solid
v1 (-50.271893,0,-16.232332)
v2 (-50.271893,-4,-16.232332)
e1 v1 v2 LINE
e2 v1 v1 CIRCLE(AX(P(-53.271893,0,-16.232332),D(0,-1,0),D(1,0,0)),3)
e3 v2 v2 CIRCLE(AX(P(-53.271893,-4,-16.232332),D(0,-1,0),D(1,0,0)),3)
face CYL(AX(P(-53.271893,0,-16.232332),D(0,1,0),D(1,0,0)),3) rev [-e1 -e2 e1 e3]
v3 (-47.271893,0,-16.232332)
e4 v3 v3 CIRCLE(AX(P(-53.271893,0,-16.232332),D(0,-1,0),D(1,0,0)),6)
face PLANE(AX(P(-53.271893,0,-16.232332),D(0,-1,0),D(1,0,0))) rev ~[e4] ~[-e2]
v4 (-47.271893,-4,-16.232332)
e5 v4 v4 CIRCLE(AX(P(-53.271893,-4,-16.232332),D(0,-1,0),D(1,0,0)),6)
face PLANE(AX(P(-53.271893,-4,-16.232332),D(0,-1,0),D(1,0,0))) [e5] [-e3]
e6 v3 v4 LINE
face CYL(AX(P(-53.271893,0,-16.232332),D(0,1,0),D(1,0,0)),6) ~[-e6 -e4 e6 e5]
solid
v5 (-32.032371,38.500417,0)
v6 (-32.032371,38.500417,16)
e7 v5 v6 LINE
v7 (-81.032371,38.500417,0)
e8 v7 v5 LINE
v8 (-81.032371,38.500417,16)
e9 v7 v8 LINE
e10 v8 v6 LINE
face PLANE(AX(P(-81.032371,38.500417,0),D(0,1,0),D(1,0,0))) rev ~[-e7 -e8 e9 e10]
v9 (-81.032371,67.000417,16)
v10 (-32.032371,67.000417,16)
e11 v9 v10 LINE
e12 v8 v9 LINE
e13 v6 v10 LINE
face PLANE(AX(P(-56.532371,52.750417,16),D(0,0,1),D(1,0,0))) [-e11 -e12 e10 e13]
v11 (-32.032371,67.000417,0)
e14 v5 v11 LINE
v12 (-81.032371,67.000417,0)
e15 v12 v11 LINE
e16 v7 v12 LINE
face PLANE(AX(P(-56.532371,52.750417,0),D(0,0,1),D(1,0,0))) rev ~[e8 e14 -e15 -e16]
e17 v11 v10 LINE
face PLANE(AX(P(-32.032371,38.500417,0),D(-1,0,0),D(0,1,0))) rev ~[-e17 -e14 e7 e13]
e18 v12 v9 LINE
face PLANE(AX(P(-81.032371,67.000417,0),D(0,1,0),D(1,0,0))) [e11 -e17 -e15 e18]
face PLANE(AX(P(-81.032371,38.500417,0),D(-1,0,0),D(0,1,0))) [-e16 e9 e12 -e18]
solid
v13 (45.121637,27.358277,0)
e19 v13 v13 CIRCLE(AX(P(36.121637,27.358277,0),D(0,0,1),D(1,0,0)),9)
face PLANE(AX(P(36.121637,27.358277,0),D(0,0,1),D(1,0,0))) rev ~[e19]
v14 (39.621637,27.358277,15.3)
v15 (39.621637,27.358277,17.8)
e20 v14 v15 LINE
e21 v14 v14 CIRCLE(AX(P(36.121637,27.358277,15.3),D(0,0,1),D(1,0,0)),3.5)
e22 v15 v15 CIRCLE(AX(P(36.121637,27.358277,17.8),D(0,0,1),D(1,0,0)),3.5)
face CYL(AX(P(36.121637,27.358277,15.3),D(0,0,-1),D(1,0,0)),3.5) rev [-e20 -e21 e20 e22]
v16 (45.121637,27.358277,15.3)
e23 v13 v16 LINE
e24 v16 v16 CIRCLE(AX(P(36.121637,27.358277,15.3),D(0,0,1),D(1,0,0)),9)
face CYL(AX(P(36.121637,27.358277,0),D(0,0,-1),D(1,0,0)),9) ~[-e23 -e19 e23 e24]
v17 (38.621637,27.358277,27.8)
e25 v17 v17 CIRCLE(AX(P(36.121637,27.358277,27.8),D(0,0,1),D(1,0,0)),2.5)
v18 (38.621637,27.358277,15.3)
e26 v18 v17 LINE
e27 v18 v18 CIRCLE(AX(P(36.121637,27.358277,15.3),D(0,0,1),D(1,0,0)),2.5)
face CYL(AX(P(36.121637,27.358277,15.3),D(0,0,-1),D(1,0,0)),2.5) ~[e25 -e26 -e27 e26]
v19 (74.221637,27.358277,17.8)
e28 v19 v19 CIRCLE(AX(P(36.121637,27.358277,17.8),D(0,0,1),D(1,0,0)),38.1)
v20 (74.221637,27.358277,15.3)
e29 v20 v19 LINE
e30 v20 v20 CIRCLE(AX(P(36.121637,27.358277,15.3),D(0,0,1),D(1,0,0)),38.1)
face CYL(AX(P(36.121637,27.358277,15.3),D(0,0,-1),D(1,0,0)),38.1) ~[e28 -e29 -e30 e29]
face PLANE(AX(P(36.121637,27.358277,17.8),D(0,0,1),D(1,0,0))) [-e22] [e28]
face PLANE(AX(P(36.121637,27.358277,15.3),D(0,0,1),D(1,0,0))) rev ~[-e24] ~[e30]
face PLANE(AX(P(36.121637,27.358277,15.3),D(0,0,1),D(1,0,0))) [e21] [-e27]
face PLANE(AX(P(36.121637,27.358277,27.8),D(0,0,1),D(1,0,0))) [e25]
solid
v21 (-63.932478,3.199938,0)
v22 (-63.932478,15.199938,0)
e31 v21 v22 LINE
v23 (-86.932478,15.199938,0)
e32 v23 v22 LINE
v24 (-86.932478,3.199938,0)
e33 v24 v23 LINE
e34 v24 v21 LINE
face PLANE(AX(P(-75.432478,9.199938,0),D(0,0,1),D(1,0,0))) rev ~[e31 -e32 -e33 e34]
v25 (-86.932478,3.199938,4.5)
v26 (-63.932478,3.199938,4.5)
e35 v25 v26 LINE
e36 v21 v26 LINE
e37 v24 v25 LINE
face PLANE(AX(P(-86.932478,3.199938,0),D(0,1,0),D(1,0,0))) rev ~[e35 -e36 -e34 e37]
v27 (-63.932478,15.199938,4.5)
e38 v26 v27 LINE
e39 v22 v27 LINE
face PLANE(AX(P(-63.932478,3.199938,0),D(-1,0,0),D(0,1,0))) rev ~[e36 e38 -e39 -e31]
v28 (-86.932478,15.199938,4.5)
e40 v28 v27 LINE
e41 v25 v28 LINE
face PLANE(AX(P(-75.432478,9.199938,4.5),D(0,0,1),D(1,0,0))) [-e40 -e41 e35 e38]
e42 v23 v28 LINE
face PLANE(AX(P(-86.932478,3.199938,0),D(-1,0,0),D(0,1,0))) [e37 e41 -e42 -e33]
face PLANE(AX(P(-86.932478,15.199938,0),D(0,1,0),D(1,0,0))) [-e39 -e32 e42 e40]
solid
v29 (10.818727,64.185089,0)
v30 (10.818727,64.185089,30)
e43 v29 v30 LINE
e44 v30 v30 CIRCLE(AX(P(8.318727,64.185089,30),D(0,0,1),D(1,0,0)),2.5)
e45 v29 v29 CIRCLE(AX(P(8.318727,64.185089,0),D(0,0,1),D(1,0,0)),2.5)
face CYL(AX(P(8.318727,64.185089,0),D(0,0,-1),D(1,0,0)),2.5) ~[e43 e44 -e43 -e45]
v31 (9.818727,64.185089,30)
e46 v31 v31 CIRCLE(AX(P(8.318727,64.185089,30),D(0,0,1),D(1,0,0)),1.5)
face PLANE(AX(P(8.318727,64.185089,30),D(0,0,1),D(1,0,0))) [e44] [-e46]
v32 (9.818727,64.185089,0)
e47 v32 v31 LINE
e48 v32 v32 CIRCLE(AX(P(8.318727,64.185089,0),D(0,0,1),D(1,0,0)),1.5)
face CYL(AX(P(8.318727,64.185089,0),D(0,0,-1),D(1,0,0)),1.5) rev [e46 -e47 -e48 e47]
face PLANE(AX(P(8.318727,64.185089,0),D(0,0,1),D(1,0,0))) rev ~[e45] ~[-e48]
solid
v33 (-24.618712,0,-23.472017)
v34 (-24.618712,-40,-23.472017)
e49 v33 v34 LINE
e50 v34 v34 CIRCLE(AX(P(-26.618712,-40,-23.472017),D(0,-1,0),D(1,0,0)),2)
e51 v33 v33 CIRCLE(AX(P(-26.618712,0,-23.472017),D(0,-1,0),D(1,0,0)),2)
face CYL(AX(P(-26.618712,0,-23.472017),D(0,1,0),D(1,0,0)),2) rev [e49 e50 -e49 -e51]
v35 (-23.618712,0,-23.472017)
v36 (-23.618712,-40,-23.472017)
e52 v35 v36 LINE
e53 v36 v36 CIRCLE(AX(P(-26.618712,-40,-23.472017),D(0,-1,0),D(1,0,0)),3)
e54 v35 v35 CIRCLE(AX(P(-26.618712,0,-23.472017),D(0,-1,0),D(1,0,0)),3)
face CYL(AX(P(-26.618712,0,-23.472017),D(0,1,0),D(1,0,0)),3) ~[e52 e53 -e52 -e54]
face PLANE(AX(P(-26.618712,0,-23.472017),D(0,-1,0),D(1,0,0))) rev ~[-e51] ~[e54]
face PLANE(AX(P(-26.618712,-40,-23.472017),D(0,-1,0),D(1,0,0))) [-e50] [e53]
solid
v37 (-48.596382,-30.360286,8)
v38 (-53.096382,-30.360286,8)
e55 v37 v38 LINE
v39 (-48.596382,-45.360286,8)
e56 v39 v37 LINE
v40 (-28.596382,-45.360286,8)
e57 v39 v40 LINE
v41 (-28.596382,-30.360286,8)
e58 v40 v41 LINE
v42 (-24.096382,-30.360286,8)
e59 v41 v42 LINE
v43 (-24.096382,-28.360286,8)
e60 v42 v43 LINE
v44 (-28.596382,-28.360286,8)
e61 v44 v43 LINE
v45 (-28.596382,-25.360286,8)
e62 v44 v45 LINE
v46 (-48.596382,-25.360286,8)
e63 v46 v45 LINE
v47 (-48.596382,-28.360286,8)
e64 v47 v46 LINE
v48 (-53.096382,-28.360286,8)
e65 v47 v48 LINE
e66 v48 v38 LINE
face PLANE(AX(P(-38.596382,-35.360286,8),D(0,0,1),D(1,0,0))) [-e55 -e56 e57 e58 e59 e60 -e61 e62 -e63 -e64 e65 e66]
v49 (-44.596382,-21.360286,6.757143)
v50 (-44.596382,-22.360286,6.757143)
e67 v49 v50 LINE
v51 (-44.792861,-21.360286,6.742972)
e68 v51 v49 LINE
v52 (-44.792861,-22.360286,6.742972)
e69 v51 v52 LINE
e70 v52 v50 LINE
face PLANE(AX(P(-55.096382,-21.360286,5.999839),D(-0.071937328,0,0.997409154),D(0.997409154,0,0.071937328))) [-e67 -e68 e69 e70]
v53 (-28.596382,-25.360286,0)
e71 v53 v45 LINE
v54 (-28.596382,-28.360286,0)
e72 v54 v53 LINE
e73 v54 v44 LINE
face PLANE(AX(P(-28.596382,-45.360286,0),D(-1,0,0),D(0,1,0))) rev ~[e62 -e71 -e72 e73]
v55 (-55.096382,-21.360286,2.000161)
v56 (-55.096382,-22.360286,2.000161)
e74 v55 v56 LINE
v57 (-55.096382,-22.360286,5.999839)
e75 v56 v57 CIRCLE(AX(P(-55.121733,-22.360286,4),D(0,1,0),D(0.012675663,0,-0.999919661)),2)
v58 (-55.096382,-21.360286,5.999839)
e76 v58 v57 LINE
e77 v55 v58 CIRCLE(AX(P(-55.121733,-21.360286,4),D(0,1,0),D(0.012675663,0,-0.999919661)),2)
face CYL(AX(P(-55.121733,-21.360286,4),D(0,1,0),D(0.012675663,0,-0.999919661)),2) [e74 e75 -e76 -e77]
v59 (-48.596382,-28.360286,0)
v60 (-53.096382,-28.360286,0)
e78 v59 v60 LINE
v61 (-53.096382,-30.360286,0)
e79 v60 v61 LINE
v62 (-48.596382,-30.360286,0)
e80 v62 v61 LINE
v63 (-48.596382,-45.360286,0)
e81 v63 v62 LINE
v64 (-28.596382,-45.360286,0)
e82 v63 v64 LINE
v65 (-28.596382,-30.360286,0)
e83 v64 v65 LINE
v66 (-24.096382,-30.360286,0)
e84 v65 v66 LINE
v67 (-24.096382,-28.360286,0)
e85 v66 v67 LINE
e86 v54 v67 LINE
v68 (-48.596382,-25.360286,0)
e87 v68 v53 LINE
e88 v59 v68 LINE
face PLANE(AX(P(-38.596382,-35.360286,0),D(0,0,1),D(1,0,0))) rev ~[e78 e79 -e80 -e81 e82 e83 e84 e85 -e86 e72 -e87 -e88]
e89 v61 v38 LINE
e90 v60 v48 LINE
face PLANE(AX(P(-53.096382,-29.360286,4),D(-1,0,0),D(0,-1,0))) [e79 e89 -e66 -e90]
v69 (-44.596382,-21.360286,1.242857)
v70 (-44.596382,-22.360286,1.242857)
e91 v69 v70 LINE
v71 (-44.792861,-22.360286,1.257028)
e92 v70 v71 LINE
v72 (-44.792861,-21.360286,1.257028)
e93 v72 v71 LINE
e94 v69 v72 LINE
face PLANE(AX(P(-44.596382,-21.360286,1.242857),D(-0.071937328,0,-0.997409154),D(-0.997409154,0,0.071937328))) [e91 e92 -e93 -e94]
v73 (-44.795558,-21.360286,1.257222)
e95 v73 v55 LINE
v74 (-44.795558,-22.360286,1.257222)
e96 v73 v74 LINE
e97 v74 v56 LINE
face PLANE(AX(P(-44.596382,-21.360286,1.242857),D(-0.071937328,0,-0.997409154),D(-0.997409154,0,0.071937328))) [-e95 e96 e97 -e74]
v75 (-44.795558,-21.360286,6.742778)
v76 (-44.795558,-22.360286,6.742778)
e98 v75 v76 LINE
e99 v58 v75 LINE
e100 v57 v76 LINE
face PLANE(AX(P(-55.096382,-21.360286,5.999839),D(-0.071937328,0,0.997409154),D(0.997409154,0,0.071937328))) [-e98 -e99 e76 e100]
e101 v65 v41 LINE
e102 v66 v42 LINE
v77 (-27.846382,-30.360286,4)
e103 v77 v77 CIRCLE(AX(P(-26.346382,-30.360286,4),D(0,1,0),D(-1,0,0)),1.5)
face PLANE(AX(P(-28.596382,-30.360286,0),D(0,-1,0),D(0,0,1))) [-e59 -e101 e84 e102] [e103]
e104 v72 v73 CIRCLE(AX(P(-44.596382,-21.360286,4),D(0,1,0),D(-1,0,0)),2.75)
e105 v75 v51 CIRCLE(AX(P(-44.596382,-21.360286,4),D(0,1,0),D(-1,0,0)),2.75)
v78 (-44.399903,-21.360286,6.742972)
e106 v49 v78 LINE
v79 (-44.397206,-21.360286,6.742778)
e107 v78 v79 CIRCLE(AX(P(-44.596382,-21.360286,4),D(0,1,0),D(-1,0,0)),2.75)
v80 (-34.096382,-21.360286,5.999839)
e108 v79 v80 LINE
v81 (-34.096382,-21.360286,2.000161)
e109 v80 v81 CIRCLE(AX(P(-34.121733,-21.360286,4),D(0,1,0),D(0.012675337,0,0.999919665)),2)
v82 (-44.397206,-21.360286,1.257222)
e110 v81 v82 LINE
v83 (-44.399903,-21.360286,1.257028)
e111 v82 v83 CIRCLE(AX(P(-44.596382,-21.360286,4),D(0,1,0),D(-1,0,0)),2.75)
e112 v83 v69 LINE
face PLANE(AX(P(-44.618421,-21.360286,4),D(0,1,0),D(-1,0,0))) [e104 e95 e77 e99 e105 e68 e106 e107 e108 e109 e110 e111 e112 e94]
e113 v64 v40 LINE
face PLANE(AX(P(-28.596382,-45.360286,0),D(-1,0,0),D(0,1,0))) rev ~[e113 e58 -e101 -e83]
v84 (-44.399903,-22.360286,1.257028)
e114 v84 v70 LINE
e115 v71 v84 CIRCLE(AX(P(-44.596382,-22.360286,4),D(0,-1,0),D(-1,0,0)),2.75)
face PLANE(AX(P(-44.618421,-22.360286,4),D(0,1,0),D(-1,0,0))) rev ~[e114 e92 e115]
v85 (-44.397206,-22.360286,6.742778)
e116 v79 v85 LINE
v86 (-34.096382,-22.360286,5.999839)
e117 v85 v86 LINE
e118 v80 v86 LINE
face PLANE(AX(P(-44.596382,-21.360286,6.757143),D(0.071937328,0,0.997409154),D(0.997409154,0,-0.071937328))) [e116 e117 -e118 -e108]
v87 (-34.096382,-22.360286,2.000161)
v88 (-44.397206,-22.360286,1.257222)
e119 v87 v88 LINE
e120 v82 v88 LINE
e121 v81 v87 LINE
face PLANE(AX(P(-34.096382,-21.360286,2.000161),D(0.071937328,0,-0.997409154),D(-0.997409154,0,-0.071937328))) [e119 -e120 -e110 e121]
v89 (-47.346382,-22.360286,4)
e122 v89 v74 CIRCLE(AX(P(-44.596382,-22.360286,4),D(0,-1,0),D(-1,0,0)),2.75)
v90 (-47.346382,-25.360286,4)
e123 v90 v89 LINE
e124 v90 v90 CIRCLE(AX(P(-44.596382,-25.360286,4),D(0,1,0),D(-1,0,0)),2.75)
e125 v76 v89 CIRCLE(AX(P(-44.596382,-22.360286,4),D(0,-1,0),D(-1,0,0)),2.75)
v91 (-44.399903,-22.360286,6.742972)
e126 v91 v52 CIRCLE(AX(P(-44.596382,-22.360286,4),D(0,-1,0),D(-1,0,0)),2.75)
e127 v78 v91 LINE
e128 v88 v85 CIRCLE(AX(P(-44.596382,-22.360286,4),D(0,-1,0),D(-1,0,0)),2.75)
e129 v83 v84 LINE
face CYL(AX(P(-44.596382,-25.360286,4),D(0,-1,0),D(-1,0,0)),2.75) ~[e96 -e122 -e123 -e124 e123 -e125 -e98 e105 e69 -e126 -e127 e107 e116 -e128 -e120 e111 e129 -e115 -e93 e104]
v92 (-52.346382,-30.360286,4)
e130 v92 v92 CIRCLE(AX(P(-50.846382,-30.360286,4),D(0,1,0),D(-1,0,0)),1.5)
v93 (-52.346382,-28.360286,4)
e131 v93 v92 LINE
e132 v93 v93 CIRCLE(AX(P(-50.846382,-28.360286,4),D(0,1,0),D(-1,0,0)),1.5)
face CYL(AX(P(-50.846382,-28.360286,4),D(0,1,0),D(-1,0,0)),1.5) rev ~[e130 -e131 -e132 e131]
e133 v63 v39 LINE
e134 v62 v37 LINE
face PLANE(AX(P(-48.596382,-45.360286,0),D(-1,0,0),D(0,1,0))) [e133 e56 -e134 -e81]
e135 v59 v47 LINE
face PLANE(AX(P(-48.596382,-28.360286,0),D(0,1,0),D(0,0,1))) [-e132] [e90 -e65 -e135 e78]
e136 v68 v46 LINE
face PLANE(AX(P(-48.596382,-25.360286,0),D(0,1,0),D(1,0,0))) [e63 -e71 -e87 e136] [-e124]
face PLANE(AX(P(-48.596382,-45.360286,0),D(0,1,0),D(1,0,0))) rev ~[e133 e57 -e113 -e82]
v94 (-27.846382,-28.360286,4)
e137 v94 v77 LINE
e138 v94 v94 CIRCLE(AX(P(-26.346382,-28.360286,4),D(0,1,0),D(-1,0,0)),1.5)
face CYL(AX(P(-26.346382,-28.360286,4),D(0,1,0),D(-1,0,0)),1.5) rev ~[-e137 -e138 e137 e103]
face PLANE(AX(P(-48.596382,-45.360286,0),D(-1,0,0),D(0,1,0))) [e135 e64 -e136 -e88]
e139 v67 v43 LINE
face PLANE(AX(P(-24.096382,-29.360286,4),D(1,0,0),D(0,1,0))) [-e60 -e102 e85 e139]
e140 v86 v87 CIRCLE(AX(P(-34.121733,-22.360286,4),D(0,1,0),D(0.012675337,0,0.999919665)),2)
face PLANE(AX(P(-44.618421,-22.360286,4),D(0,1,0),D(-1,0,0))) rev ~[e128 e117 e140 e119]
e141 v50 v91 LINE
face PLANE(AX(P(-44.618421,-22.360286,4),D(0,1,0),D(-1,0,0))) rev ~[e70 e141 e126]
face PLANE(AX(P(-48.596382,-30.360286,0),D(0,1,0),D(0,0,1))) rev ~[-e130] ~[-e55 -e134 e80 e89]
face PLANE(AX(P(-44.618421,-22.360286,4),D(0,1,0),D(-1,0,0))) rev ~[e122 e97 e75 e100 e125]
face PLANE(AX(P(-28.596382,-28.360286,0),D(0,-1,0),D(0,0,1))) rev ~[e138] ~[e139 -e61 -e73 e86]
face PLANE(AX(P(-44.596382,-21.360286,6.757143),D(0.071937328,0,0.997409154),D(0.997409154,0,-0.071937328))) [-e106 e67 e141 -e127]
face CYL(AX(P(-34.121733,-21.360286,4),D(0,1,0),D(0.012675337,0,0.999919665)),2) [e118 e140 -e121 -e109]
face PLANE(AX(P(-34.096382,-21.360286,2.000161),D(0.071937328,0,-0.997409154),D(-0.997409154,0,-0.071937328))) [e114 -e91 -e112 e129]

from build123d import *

# Parameters (mm, degrees)
F0_R      = 2.5
F0_R_2    = 1.5
F1_DEPTH  = 30
F2_R      = 9
F3_DEPTH  = 15.3
F4_R      = 2.5
F5_DEPTH  = 12.5
F6_R      = 38.1
F6_R_2    = 3.5
F7_DEPTH  = 2.5
F8_W      = 20
F8_H      = 20
F9_DEPTH  = 8
F10_W     = 2
F10_H     = 8
F11_DEPTH = 4.5
F12_W     = 2
F12_H     = 8
F13_DEPTH = 4.5
F14_R     = 2.75
F15_DEPTH = 4
F16_R     = 1.5
F17_DEPTH = 17.001
F18_W     = 49
F18_H     = 28.5
F19_DEPTH = 16
F21_DEPTH = 1
F22_W     = 23
F22_H     = 12
F23_DEPTH = 4.5
F24_R     = 6
F24_R_2   = 3
F25_DEPTH = 4
F26_R     = 3
F26_R_2   = 2
F27_DEPTH = 40


with BuildPart() as f1:
    # F0 (on Top) → F1 (new body)
    with BuildSketch(Plane.XY):
        with Locations((8.318727, 64.185089)):
            Circle(F0_R)
        with Locations((8.318727, 64.185089)):
            Circle(F0_R_2, mode=Mode.SUBTRACT)
    extrude(amount=F1_DEPTH)


with BuildPart() as f3:
    # F2 (on Top) → F3 (new body)
    with BuildSketch(Plane.XY):
        with Locations((36.121637, 27.358277)):
            Circle(F2_R)
    extrude(amount=F3_DEPTH)

    # F4 (on face) → F5 (join)
    with BuildSketch(Plane.XY.offset(15.3)):
        with Locations((36.121637, 27.358277)):
            Circle(F4_R)
    extrude(amount=F5_DEPTH)

    # F6 (on face) → F7 (join)
    with BuildSketch(Plane.XY.offset(15.3)):
        with Locations((36.121637, 27.358277)):
            Circle(F6_R)
        with Locations((36.121637, 27.358277)):
            Circle(F6_R_2, mode=Mode.SUBTRACT)
    extrude(amount=F7_DEPTH)


with BuildPart() as f9:
    # F8 (on Top) → F9 (new body)
    with BuildSketch(Plane.XY):
        with Locations((-38.596382, -35.360286)):
            Rectangle(F8_W, F8_H)
    extrude(amount=F9_DEPTH)

    # F10 (on face) → F11 (join)
    with BuildSketch(Plane.YZ.offset(-28.596382)):
        with Locations((-29.360286, 4)):
            Rectangle(F10_W, F10_H)
    extrude(amount=F11_DEPTH)

    # F12 (on face) → F13 (join)
    with BuildSketch(Plane(origin=(-48.596382, 0, 0), x_dir=(0, -1, 0), z_dir=(-1, 0, 0))):
        with Locations((29.360286, 4)):
            Rectangle(F12_W, F12_H)
    extrude(amount=F13_DEPTH)

    # F14 (on face) → F15 (join)
    with BuildSketch(Plane(origin=(0, -25.360286, 0), x_dir=(-1, 0, 0), z_dir=(0, 1, 0))):
        with Locations((44.596382, 4)):
            Circle(F14_R)
    extrude(amount=F15_DEPTH)

    # F16 (on face) → F17 (cut, through all)
    with BuildSketch(Plane(origin=(0, -28.360286, 0), x_dir=(-1, 0, 0), z_dir=(0, 1, 0))):
        with Locations((50.846382, 4)):
            Circle(F16_R)
        with Locations((26.346382, 4)):
            Circle(F16_R)
    extrude(amount=-F17_DEPTH, mode=Mode.SUBTRACT)

    # F20 (on face) → F21 (join)
    with BuildSketch(Plane(origin=(0, -21.360286, 0), x_dir=(-1, 0, 0), z_dir=(0, 1, 0))):
        with BuildLine():
            Line((55.096382, 5.999839), (44.596382, 6.757143))
            Line((44.596382, 6.757143), (34.096382, 5.999839))
            ThreePointArc((34.096382, 5.999839), (32.121733, 4), (34.096382, 2.000161))
            Line((34.096382, 2.000161), (44.596382, 1.242857))
            Line((44.596382, 1.242857), (55.096382, 2.000161))
            ThreePointArc((55.096382, 2.000161), (57.121733, 4), (55.096382, 5.999839))
        make_face()
    extrude(amount=-F21_DEPTH)


with BuildPart() as f19:
    # F18 (on Top) → F19 (new body)
    with BuildSketch(Plane.XY):
        with Locations((-56.532371, 52.750417)):
            Rectangle(F18_W, F18_H)
    extrude(amount=F19_DEPTH)


with BuildPart() as f23:
    # F22 (on Top) → F23 (new body)
    with BuildSketch(Plane.XY):
        with Locations((-75.432478, 9.199938)):
            Rectangle(F22_W, F22_H)
    extrude(amount=F23_DEPTH)


with BuildPart() as f25:
    # F24 (on Front) → F25 (new body)
    with BuildSketch(Plane.XZ):
        with Locations((-53.271893, -16.232332)):
            Circle(F24_R)
        with Locations((-53.271893, -16.232332)):
            Circle(F24_R_2, mode=Mode.SUBTRACT)
    extrude(amount=F25_DEPTH)


with BuildPart() as f27:
    # F26 (on Front) → F27 (new body)
    with BuildSketch(Plane.XZ):
        with Locations((-26.618712, -23.472017)):
            Circle(F26_R)
        with Locations((-26.618712, -23.472017)):
            Circle(F26_R_2, mode=Mode.SUBTRACT)
    extrude(amount=F27_DEPTH)


solid = Compound([f1.part, f3.part, f9.part, f19.part, f23.part, f25.part, f27.part])
